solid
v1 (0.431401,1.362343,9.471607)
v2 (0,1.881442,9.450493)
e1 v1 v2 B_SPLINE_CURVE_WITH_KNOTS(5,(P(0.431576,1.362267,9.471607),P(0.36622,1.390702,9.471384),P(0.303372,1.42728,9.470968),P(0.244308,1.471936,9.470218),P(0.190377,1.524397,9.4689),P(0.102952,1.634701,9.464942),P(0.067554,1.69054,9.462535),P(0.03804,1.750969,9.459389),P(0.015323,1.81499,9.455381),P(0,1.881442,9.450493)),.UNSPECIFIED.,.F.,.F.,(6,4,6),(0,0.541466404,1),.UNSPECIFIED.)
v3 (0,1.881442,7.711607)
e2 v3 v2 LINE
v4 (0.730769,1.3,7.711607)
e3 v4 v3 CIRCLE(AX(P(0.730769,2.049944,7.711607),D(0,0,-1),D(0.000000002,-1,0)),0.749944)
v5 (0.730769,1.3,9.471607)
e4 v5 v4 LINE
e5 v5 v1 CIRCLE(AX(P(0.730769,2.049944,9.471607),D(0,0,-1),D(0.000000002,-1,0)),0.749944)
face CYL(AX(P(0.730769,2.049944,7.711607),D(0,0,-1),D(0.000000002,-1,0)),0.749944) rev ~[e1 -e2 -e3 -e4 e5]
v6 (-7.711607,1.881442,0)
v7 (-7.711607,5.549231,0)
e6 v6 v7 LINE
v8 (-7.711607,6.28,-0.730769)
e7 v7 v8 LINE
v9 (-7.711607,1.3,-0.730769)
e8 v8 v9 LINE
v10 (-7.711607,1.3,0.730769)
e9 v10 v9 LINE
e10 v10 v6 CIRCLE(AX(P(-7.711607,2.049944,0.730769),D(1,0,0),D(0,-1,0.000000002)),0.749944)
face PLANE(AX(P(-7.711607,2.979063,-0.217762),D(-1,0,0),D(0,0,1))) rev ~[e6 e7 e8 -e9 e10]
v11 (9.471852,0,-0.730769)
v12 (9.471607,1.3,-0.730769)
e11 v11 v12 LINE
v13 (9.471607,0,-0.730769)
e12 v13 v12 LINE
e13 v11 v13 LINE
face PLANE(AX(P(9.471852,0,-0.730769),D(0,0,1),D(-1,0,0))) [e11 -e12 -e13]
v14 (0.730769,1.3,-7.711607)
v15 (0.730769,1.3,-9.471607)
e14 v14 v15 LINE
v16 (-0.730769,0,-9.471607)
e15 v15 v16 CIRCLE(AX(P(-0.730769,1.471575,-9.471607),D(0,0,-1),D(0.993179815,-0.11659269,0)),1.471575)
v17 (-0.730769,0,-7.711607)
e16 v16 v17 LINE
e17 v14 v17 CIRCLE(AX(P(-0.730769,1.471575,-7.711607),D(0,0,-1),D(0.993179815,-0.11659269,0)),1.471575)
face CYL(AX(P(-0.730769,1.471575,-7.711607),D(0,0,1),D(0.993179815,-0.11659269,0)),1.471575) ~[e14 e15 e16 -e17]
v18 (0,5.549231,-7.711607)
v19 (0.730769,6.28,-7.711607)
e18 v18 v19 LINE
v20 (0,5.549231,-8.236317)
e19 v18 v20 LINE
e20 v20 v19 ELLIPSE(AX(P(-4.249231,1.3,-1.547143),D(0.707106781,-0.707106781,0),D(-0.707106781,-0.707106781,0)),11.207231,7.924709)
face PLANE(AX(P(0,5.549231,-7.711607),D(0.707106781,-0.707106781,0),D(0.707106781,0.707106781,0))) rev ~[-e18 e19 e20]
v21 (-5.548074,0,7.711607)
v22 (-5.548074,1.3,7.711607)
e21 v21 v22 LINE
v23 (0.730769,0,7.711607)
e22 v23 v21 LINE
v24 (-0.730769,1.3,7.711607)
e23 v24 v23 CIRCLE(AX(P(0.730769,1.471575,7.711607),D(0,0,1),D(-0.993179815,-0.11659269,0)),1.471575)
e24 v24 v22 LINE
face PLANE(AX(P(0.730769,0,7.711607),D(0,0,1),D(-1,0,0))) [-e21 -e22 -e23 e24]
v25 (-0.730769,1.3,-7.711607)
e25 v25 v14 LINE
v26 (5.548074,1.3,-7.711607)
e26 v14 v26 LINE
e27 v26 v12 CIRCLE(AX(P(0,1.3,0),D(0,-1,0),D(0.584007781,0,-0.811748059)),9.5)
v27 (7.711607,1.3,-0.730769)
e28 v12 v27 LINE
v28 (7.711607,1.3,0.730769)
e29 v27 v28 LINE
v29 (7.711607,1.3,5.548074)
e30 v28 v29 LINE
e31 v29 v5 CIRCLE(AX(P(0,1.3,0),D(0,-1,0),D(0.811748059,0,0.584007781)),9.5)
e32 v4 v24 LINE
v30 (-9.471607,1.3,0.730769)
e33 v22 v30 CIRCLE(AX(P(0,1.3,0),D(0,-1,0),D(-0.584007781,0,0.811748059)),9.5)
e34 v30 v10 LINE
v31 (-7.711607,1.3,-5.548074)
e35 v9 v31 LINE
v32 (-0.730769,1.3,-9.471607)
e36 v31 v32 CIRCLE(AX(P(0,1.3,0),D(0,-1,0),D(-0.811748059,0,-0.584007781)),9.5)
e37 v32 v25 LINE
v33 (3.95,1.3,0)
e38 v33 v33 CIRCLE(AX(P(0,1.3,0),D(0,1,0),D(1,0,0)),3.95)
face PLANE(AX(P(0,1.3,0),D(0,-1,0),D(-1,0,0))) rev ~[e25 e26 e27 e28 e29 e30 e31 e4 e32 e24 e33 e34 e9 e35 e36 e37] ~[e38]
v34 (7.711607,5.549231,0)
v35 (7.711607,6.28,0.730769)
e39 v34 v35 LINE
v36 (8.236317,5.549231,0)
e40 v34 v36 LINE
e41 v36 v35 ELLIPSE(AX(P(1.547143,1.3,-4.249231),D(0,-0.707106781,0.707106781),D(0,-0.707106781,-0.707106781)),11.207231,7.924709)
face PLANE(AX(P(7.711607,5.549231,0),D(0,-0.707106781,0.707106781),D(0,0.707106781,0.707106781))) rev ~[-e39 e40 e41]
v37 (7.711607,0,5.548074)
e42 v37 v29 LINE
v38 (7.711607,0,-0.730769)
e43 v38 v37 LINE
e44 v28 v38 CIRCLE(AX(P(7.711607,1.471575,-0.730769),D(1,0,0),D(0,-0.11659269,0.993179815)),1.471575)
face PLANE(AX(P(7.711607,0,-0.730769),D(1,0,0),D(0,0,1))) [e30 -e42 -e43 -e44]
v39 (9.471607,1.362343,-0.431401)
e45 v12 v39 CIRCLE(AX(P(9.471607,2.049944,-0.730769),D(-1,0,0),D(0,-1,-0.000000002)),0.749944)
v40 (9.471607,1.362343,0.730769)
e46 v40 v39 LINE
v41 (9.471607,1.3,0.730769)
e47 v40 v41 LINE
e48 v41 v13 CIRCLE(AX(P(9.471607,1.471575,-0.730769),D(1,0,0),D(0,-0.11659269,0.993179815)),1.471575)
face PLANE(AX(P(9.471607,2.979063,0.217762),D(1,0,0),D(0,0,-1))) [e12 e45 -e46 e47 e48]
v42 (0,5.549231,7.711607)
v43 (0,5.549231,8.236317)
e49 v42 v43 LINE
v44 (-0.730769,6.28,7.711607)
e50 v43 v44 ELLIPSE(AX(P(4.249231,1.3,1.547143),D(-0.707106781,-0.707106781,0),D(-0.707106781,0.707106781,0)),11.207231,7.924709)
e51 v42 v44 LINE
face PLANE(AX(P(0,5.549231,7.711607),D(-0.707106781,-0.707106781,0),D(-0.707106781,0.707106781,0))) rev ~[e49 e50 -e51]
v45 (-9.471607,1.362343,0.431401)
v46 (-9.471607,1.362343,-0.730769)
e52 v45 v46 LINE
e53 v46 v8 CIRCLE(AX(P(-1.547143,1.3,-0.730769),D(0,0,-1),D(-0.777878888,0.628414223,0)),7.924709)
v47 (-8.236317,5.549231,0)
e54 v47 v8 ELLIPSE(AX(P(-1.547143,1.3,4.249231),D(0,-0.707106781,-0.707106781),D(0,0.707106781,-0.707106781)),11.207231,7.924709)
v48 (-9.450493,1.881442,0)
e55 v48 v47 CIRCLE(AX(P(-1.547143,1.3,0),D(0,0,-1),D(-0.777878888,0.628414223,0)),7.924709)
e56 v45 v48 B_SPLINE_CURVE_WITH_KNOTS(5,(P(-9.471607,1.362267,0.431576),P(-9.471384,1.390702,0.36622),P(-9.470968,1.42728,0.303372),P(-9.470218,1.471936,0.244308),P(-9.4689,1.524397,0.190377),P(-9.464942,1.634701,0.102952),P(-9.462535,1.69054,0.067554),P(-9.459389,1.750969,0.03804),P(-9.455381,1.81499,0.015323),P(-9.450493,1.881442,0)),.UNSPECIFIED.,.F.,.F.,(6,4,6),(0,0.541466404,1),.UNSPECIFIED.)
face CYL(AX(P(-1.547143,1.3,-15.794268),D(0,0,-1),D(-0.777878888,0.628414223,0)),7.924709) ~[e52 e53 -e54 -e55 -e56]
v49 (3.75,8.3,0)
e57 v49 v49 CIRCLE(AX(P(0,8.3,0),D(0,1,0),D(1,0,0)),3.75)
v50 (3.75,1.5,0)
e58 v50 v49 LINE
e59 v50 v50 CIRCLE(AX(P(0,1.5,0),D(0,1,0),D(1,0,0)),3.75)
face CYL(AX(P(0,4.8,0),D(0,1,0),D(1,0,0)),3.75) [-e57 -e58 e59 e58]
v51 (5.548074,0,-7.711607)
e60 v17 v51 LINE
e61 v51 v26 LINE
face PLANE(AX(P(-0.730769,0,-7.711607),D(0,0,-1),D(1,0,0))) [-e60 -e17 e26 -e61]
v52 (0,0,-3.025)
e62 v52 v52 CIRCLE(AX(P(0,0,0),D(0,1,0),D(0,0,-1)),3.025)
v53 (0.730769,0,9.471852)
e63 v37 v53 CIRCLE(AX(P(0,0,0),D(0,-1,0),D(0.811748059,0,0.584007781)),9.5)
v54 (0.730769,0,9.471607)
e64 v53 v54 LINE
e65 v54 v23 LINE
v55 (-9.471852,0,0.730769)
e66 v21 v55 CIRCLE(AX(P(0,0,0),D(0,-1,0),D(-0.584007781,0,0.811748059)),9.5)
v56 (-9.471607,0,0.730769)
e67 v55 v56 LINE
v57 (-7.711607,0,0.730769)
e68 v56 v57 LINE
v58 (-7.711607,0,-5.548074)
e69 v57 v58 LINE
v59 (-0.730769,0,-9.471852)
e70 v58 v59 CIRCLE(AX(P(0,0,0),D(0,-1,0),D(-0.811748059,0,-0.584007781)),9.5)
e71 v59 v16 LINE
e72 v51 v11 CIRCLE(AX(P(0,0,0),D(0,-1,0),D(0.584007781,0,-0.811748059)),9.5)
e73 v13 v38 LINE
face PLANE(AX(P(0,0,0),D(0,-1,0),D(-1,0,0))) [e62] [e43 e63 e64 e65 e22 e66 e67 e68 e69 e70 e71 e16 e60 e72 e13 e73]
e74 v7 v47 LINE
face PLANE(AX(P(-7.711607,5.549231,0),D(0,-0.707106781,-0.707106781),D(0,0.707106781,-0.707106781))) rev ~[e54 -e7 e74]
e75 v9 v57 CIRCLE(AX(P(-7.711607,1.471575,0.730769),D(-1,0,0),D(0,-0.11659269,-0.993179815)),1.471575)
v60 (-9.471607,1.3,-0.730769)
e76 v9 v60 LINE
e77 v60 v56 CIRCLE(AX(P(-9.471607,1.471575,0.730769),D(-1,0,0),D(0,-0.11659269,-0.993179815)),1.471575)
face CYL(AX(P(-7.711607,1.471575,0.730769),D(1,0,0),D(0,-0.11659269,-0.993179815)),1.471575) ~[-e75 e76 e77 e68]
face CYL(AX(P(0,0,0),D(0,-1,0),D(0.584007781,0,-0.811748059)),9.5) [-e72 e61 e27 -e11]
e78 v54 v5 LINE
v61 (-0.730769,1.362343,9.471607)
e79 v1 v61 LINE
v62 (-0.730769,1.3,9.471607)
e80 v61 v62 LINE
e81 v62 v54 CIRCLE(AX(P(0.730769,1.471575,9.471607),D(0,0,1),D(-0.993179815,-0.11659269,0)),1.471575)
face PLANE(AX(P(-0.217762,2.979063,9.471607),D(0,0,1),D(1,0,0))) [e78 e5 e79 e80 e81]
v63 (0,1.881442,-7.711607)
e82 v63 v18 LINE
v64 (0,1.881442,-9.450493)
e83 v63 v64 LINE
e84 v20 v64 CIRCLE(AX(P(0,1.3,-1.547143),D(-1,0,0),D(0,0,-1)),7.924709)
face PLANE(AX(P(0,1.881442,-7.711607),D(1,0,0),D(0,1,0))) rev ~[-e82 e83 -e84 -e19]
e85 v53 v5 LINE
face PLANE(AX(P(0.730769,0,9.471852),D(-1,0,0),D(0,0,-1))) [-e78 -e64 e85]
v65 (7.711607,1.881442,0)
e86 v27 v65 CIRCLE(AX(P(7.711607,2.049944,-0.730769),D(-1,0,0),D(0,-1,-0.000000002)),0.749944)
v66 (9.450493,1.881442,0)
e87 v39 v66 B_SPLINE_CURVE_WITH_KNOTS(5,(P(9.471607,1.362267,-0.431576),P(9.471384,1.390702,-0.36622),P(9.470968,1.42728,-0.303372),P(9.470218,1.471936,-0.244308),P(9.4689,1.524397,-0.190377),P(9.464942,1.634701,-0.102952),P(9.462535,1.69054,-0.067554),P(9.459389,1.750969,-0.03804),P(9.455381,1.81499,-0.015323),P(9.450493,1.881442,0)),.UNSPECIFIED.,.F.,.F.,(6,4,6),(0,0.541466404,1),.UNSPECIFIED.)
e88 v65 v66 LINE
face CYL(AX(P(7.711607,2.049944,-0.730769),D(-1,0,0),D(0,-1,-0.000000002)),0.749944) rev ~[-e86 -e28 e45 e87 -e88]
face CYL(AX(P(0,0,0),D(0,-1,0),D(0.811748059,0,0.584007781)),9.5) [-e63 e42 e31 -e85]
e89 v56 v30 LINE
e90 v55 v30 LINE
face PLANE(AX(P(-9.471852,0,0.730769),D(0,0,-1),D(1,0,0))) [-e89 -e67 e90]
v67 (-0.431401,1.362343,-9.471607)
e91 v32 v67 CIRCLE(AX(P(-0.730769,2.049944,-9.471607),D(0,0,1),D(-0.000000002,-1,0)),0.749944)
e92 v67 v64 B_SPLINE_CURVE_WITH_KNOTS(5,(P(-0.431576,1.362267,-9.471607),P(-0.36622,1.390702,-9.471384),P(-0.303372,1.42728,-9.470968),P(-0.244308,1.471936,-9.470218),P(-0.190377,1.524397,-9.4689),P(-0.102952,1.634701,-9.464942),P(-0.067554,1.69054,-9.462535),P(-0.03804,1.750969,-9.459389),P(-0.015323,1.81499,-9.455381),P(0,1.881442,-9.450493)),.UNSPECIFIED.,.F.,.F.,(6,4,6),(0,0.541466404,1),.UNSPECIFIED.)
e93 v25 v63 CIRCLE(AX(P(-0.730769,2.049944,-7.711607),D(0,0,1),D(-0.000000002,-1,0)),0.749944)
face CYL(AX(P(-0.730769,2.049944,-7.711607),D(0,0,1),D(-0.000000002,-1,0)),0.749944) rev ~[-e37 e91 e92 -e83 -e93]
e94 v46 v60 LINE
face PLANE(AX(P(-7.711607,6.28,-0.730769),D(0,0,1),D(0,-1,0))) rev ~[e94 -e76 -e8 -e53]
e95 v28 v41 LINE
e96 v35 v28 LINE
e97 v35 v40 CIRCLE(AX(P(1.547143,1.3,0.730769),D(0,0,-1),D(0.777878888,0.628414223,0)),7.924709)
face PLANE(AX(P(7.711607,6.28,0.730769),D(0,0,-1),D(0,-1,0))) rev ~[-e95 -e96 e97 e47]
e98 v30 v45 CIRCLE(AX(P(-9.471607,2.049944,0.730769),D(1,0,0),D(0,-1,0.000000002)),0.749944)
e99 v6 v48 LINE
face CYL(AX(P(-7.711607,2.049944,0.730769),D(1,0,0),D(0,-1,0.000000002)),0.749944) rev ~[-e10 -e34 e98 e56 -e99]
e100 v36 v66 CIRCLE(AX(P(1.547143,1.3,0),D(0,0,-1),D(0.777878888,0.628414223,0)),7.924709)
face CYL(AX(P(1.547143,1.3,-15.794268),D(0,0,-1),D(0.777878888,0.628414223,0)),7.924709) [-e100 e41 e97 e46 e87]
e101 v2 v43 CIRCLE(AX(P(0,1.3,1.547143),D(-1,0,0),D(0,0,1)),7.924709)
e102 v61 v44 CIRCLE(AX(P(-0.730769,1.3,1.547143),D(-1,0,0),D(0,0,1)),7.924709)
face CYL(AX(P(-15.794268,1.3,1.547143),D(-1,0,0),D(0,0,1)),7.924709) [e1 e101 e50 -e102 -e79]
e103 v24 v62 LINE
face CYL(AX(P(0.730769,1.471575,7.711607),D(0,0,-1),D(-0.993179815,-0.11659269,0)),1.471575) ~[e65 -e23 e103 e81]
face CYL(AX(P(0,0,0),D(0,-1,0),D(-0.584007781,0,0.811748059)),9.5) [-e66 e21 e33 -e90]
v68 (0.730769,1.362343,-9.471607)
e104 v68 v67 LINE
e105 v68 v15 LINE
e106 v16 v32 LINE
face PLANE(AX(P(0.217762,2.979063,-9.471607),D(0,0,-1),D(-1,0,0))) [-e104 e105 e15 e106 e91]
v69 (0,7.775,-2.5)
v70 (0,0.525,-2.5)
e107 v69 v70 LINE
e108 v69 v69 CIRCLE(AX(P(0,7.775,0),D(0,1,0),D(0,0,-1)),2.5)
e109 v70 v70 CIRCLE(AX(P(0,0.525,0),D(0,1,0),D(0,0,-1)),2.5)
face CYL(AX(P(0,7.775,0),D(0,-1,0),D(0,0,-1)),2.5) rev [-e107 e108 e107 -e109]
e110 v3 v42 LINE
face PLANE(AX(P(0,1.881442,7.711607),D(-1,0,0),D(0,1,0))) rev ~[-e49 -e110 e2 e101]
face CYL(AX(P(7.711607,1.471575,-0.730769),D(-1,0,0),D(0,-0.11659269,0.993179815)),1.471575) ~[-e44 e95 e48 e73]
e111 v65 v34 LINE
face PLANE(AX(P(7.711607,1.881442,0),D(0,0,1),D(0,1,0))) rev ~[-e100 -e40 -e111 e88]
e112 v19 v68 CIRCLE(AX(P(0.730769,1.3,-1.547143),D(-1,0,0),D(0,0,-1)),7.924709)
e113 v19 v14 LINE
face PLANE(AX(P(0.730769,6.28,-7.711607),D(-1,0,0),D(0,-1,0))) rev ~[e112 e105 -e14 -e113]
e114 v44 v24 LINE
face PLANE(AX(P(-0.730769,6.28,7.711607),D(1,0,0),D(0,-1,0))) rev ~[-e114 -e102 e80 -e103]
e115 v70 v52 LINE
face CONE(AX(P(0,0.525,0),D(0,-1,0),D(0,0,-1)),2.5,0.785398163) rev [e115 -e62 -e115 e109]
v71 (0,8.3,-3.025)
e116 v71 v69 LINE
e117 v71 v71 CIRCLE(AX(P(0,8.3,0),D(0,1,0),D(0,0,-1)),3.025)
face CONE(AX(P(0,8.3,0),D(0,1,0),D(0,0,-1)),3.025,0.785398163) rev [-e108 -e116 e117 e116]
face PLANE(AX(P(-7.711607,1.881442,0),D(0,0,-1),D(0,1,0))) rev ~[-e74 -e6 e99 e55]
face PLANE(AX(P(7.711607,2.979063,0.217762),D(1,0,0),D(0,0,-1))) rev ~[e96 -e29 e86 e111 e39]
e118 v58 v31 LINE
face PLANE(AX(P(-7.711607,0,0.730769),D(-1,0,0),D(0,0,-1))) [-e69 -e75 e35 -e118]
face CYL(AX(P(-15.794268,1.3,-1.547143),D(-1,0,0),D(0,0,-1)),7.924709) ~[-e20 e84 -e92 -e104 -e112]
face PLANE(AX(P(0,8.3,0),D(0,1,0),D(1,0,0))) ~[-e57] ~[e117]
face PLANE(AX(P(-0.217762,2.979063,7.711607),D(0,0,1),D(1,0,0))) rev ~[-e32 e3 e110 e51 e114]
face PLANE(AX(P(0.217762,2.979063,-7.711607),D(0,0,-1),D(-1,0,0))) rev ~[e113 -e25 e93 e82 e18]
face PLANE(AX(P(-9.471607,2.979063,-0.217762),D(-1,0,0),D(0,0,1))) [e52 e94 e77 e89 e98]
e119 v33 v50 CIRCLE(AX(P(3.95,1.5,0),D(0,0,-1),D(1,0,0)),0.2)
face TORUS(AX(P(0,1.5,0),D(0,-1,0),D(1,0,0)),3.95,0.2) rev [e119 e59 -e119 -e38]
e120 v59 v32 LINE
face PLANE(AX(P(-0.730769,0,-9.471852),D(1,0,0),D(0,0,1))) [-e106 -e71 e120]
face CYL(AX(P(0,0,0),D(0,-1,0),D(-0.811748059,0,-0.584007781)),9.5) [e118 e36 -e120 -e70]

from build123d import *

# Parameters (mm, degrees)
BOSS_EXTRUDE1_DEPTH     = 1.3
BOSS_EXTRUDE2_DEPTH     = 1.76
CIRPATTERN1_COUNT       = 4
CUT_EXTRUDE2_DEPTH      = 15.794267561
CUT_EXTRUDE2_DEPTH_BACK = 15.794267561
CUT_EXTRUDE3_DEPTH      = 15.794267603
CUT_EXTRUDE3_DEPTH_BACK = 15.794267603
SKETCH8_W               = 3.75
SKETCH8_H               = 7
FILLET1_R               = 0.2


with BuildPart() as part:
    # Sketch1 → Boss-Extrude1 (new body)
    with BuildSketch(Plane(origin=(0, 0, 0), x_dir=(1, 0, 0), z_dir=(0, 1, 0))):
        with BuildLine():
            Line((-0.730769231, 7.71160656), (5.548073923, 7.71160656))
            ThreePointArc((5.548073923, 7.71160656), (8.281459084, 4.65482926), (9.47185179, 0.730769231))
            Line((9.47185179, 0.730769231), (7.71160656, 0.730769231))
            Line((7.71160656, 0.730769231), (7.71160656, -5.548073923))
            ThreePointArc((7.71160656, -5.548073923), (4.65482926, -8.281459084), (0.730769231, -9.47185179))
            Line((0.730769231, -9.47185179), (0.730769231, -7.71160656))
            Line((0.730769231, -7.71160656), (-5.548073923, -7.71160656))
            ThreePointArc((-5.548073923, -7.71160656), (-8.281459084, -4.65482926), (-9.47185179, -0.730769231))
            Line((-9.47185179, -0.730769231), (-7.71160656, -0.730769231))
            Line((-7.71160656, -0.730769231), (-7.71160656, 5.548073923))
            ThreePointArc((-7.71160656, 5.548073923), (-4.65482926, 8.281459084), (-0.730769231, 9.47185179))
            Line((-0.730769231, 9.47185179), (-0.730769231, 7.71160656))
        make_face()
    extrude(amount=BOSS_EXTRUDE1_DEPTH)

    # Sketch2 → Boss-Extrude2 (add)
    with BuildSketch(Plane(origin=(0, 0, -7.71160656), x_dir=(-1, 0, 0), z_dir=(0, 0, -1))):
        with BuildLine():
            Line((-0.730769231, 6.28), (-0.730769231, 1.3))
            ThreePointArc((-0.730769231, 1.3), (-0.24725105, 0.372025447), (0.730769231, 0))
            Line((0.730769231, 0), (0.730769231, 1.3))
            ThreePointArc((0.730769231, 1.3), (0.26383811, 1.463095229), (0, 1.881442187))
            Line((0, 1.881442187), (0, 5.549230769))
            Line((0, 5.549230769), (-0.730769231, 6.28))
        make_face()
    boss_extrude2 = extrude(amount=BOSS_EXTRUDE2_DEPTH)

    # CirPattern1: Boss-Extrude2 ×4 about axis
    cirpattern1_axis = Axis((0, 0, 0), (0, 1, 0))
    for i in range(1, CIRPATTERN1_COUNT):
        add(boss_extrude2.rotate(cirpattern1_axis, i * 360 / CIRPATTERN1_COUNT))

    # Sketch6 → Cut-Extrude2 (cut, two sides: drawn at the far end of the back side and taken through both)
    with BuildSketch(Plane(origin=(0, 0, 0), x_dir=(0, 0, -1), z_dir=(1, 0, 0)).offset(-CUT_EXTRUDE2_DEPTH_BACK)):
        with BuildLine():
            Line((-7.71160656, 6.28), (-9.47160656, 6.28))
            Line((-9.47160656, 6.28), (-9.47185179, 1.3))
            ThreePointArc((-9.47185179, 1.3), (-9.018842539, 3.940968727), (-7.71160656, 6.28))
        make_face()
        with BuildLine():
            Line((7.71160656, 6.28), (9.47160656, 6.28))
            Line((9.47160656, 6.28), (9.47185179, 1.3))
            ThreePointArc((9.47185179, 1.3), (9.018842539, 3.940968727), (7.71160656, 6.28))
        make_face()
    extrude(amount=CUT_EXTRUDE2_DEPTH + CUT_EXTRUDE2_DEPTH_BACK, mode=Mode.SUBTRACT)

    # Sketch7 → Cut-Extrude3 (cut, two sides: drawn at the far end of the back side and taken through both)
    with BuildSketch(Plane.XY.offset(-CUT_EXTRUDE3_DEPTH_BACK)):
        with BuildLine():
            Line((-9.47160656, 6.28), (-7.71160656, 6.28))
            ThreePointArc((-7.71160656, 6.28), (-9.018842539, 3.940968727), (-9.47185179, 1.3))
            Line((-9.47185179, 1.3), (-9.47160656, 6.28))
        make_face()
        with BuildLine():
            Line((9.47160656, 6.28), (7.71160656, 6.28))
            ThreePointArc((7.71160656, 6.28), (9.018842539, 3.940968727), (9.47185179, 1.3))
            Line((9.47185179, 1.3), (9.47160656, 6.28))
        make_face()
    extrude(amount=CUT_EXTRUDE3_DEPTH + CUT_EXTRUDE3_DEPTH_BACK, mode=Mode.SUBTRACT)

    # Sketch8 → Revolve1 (revolve)
    with BuildSketch(Plane.XY):
        with Locations((1.875, 4.8)):
            Rectangle(SKETCH8_W, SKETCH8_H)
    revolve(axis=Axis((0, 1.3, 0), (0, 1, 0)))

    # Fillet1
    fillet1_edges = [part.edges().sort_by_distance(p)[0] for p in [
        (-3.75, 1.3, 0),
    ]]
    fillet(fillet1_edges, radius=FILLET1_R)

    # Sketch10 → M6 Tapped Hole1 (revolve, cut)
    with BuildSketch(Plane(origin=(0, 0, 0), x_dir=(0, 0, -1), z_dir=(1, 0, 0))):
        Polygon((0, 0), (0, 8.3), (3.025, 8.3), (2.5, 7.775), (2.5, 0.525), (3.025, 0), align=None)
    revolve(axis=Axis((0, -6.35, 0), (0, 1, 0)), mode=Mode.SUBTRACT)


solid = part.part
